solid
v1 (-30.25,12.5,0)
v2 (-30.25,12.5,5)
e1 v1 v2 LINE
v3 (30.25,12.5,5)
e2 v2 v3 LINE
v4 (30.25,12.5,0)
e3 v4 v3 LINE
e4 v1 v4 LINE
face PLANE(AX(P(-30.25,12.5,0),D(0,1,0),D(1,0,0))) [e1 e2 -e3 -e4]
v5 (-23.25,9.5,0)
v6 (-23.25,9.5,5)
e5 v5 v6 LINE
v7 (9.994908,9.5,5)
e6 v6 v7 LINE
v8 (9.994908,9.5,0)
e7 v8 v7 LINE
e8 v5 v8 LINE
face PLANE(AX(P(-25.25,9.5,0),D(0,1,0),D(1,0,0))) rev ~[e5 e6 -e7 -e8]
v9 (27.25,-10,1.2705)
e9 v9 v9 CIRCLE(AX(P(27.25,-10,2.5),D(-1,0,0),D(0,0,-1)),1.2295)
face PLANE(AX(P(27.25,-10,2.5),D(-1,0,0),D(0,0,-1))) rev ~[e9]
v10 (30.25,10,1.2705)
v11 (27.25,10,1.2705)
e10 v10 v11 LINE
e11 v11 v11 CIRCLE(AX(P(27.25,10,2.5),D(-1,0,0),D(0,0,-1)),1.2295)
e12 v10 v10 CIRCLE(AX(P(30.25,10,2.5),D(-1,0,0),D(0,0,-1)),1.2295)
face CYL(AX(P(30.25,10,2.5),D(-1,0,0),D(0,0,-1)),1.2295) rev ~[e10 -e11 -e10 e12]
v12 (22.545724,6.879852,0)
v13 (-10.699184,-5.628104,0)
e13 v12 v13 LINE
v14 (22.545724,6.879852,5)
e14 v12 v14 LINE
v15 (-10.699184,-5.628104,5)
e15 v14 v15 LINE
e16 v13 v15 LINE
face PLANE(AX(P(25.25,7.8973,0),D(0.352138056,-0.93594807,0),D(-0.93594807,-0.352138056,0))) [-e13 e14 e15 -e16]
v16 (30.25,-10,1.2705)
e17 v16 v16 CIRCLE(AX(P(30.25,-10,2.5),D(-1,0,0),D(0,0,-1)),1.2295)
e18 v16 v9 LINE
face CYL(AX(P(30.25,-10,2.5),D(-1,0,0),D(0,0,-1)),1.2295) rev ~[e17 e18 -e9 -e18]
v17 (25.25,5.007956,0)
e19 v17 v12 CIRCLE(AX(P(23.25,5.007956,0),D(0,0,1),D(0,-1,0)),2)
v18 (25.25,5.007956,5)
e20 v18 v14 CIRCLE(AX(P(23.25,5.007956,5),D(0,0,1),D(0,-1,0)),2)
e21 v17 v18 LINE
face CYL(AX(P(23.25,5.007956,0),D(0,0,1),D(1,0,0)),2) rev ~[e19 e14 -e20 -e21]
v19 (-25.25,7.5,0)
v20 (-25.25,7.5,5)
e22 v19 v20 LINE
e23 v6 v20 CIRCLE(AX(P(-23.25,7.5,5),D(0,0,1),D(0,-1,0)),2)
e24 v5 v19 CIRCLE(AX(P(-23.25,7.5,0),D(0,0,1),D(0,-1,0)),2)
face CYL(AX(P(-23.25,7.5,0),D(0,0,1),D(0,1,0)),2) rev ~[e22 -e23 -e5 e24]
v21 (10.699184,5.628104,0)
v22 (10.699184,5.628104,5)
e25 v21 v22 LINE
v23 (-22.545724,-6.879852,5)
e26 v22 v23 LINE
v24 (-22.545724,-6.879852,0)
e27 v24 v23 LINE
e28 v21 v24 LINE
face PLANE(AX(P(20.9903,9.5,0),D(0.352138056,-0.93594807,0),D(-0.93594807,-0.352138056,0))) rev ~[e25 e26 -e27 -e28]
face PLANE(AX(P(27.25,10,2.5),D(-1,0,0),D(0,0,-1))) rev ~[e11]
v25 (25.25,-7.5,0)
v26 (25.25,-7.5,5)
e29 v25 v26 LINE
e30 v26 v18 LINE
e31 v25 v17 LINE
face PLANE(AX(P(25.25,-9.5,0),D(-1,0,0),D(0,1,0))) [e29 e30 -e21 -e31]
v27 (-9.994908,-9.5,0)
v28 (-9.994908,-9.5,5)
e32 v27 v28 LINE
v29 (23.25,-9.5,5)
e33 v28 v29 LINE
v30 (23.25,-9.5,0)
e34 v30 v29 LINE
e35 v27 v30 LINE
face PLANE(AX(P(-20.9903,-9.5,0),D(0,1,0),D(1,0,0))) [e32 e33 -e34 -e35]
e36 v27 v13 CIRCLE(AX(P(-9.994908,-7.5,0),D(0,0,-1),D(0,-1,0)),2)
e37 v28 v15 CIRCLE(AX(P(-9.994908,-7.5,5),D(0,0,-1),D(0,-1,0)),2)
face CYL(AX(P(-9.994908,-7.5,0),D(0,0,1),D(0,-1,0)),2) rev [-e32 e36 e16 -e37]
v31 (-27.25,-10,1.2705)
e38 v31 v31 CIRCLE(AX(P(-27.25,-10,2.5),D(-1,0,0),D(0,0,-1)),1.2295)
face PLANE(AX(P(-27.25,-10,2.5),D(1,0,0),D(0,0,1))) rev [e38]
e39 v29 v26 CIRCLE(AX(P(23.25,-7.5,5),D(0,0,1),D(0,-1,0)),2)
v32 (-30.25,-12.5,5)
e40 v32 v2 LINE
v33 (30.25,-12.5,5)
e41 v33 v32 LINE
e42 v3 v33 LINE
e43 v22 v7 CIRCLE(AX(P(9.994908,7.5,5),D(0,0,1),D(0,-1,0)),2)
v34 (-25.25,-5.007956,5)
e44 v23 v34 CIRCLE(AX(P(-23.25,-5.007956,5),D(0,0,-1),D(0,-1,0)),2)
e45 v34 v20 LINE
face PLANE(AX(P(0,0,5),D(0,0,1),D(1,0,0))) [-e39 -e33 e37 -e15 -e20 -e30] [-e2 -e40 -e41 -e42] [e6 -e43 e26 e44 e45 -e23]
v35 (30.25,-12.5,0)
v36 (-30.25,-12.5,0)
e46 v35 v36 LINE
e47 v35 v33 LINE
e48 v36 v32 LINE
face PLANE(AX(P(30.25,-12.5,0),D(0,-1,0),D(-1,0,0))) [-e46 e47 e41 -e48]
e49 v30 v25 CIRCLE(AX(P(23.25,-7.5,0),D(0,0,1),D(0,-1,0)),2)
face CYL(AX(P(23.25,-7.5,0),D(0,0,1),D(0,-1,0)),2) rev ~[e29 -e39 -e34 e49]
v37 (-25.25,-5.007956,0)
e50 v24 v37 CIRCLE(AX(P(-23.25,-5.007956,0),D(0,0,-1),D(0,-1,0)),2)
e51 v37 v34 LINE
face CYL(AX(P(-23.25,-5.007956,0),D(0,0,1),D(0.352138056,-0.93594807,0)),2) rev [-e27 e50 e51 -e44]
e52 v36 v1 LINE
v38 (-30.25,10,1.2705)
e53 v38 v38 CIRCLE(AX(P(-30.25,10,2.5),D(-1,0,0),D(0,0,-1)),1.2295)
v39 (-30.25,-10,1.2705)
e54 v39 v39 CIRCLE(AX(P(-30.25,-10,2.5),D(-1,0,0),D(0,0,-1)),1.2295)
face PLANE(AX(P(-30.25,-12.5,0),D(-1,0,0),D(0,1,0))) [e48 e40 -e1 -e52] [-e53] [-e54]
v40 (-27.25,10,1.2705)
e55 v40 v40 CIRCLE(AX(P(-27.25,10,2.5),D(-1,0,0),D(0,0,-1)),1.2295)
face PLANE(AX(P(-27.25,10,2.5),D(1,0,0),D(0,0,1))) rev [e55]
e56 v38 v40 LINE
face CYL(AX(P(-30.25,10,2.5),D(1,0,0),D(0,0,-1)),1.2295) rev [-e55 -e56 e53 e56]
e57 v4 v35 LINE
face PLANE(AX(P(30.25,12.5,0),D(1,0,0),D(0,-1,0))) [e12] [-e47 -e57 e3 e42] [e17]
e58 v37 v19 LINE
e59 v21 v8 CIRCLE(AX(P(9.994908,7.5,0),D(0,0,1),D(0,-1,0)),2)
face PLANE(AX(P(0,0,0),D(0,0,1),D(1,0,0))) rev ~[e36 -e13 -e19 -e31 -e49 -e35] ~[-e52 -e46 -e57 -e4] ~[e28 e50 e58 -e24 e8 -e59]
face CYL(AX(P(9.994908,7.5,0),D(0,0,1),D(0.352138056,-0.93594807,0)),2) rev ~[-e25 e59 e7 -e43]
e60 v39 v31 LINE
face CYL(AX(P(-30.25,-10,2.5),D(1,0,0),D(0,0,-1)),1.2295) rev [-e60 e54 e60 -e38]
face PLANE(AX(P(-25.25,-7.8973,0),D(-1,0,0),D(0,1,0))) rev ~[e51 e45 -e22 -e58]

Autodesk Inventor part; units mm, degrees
ref_plane "YZ Plane" through (0, 0, 0) normal (1, 0, 0) x (0, 1, 0)
ref_plane "XZ Plane" through (0, 0, 0) normal (0, 1, 0) x (-1, 0, 0)
ref_plane "XY Plane" through (0, 0, 0) normal (0, 0, 1) x (1, 0, 0)
sketch "スケッチ1" plane through (0, 0, 0) normal (0, 0, 1) x (1, 0, 0)
  line L0 (-30.25, 12.5) -> (30.25, 12.5)
  line L1 (30.25, 12.5) -> (30.25, -12.5)
  line L2 (30.25, -12.5) -> (-30.25, -12.5)
  line L3 (-30.25, -12.5) -> (-30.25, 12.5)
  line L4 (-25.25, 9.5) -> (25.25, 9.5) construction
  line L5 (25.25, 9.5) -> (25.25, -9.5) construction
  line L6 (25.25, -9.5) -> (-25.25, -9.5) construction
  line L7 (-25.25, -9.5) -> (-25.25, 9.5) construction
  line L8 (25.25, 9.5) -> (-25.25, -9.5) construction
  line L9 (-25.25, -7.8973) -> (-25.25, 9.5)
  line L10 (-25.25, 9.5) -> (20.9903, 9.5)
  line L11 (20.9903, 9.5) -> (-25.25, -7.8973)
  line L12 (-20.9903, -9.5) -> (25.25, -9.5)
  line L13 (25.25, -9.5) -> (25.25, 7.8973)
  line L14 (25.25, 7.8973) -> (-20.9903, -9.5)
  line L15 (-30.25, 10) -> (30.25, 10) construction
  line L16 (30.25, -10) -> (-30.25, -10) construction
  line L17 (30.25, 10) -> (30.25, -10) construction
  point P0 (0, 0)
  point P1 (0, 9.5)
  point P2 (0, 12.5)
  point P3 (25.25, 0)
  point P4 (30.25, 0)
  dimension "d0" = 5
  dimension "d1" = 3
  dimension "d2" = 1.5
  dimension "d4" = 2.5
  dimension "d16" = 60.5
  dimension "d17" = 25
  dimension "d18" = 20
extrude "押し出し1" add sketch "スケッチ1" along normal blind 5
sketch "スケッチ2" plane through (30.25, -12.5, 0) normal (1, 0, 0) x (0, 0, -1)
  line L0 (0, 25) -> (-5, 25) projected
  line L1 (-5, 0) -> (-5, 25) projected
  line L2 (0, 12.5) -> (-5, 12.5) construction
  point P0 (-2.5, 2.5)
  point P1 (-2.5, 22.5)
  point P2 (-2.5, 25)
  dimension "d7" = 20
hole "穴1" at (30.25, -10, 2.5) at (30.25, 10, 2.5) direction (-1, 0, 0) diameter 2.459 depth 3 thread size "M3x0.5" class "6H" standard "ISO Metric profile"
mirror "ミラー1" about plane through (0, 0, 0) normal (1, 0, 0) of "穴1"
fillet "フィレット1" radius 2 6 edges at (-20.9903, -9.5, 2.5) (-25.25, -7.8973, 2.5) (25.25, 7.8973, 2.5) (25.25, -9.5, 2.5) (-25.25, 9.5, 2.5) (20.9903, 9.5, 2.5)
equation "\"d7\" = d18"
equation "\"d3\" = d5_1"
equation "\"d5_1\" = 24"
properties part number "BackLink_diagonal" material "アルミニウム 2014-T4"
